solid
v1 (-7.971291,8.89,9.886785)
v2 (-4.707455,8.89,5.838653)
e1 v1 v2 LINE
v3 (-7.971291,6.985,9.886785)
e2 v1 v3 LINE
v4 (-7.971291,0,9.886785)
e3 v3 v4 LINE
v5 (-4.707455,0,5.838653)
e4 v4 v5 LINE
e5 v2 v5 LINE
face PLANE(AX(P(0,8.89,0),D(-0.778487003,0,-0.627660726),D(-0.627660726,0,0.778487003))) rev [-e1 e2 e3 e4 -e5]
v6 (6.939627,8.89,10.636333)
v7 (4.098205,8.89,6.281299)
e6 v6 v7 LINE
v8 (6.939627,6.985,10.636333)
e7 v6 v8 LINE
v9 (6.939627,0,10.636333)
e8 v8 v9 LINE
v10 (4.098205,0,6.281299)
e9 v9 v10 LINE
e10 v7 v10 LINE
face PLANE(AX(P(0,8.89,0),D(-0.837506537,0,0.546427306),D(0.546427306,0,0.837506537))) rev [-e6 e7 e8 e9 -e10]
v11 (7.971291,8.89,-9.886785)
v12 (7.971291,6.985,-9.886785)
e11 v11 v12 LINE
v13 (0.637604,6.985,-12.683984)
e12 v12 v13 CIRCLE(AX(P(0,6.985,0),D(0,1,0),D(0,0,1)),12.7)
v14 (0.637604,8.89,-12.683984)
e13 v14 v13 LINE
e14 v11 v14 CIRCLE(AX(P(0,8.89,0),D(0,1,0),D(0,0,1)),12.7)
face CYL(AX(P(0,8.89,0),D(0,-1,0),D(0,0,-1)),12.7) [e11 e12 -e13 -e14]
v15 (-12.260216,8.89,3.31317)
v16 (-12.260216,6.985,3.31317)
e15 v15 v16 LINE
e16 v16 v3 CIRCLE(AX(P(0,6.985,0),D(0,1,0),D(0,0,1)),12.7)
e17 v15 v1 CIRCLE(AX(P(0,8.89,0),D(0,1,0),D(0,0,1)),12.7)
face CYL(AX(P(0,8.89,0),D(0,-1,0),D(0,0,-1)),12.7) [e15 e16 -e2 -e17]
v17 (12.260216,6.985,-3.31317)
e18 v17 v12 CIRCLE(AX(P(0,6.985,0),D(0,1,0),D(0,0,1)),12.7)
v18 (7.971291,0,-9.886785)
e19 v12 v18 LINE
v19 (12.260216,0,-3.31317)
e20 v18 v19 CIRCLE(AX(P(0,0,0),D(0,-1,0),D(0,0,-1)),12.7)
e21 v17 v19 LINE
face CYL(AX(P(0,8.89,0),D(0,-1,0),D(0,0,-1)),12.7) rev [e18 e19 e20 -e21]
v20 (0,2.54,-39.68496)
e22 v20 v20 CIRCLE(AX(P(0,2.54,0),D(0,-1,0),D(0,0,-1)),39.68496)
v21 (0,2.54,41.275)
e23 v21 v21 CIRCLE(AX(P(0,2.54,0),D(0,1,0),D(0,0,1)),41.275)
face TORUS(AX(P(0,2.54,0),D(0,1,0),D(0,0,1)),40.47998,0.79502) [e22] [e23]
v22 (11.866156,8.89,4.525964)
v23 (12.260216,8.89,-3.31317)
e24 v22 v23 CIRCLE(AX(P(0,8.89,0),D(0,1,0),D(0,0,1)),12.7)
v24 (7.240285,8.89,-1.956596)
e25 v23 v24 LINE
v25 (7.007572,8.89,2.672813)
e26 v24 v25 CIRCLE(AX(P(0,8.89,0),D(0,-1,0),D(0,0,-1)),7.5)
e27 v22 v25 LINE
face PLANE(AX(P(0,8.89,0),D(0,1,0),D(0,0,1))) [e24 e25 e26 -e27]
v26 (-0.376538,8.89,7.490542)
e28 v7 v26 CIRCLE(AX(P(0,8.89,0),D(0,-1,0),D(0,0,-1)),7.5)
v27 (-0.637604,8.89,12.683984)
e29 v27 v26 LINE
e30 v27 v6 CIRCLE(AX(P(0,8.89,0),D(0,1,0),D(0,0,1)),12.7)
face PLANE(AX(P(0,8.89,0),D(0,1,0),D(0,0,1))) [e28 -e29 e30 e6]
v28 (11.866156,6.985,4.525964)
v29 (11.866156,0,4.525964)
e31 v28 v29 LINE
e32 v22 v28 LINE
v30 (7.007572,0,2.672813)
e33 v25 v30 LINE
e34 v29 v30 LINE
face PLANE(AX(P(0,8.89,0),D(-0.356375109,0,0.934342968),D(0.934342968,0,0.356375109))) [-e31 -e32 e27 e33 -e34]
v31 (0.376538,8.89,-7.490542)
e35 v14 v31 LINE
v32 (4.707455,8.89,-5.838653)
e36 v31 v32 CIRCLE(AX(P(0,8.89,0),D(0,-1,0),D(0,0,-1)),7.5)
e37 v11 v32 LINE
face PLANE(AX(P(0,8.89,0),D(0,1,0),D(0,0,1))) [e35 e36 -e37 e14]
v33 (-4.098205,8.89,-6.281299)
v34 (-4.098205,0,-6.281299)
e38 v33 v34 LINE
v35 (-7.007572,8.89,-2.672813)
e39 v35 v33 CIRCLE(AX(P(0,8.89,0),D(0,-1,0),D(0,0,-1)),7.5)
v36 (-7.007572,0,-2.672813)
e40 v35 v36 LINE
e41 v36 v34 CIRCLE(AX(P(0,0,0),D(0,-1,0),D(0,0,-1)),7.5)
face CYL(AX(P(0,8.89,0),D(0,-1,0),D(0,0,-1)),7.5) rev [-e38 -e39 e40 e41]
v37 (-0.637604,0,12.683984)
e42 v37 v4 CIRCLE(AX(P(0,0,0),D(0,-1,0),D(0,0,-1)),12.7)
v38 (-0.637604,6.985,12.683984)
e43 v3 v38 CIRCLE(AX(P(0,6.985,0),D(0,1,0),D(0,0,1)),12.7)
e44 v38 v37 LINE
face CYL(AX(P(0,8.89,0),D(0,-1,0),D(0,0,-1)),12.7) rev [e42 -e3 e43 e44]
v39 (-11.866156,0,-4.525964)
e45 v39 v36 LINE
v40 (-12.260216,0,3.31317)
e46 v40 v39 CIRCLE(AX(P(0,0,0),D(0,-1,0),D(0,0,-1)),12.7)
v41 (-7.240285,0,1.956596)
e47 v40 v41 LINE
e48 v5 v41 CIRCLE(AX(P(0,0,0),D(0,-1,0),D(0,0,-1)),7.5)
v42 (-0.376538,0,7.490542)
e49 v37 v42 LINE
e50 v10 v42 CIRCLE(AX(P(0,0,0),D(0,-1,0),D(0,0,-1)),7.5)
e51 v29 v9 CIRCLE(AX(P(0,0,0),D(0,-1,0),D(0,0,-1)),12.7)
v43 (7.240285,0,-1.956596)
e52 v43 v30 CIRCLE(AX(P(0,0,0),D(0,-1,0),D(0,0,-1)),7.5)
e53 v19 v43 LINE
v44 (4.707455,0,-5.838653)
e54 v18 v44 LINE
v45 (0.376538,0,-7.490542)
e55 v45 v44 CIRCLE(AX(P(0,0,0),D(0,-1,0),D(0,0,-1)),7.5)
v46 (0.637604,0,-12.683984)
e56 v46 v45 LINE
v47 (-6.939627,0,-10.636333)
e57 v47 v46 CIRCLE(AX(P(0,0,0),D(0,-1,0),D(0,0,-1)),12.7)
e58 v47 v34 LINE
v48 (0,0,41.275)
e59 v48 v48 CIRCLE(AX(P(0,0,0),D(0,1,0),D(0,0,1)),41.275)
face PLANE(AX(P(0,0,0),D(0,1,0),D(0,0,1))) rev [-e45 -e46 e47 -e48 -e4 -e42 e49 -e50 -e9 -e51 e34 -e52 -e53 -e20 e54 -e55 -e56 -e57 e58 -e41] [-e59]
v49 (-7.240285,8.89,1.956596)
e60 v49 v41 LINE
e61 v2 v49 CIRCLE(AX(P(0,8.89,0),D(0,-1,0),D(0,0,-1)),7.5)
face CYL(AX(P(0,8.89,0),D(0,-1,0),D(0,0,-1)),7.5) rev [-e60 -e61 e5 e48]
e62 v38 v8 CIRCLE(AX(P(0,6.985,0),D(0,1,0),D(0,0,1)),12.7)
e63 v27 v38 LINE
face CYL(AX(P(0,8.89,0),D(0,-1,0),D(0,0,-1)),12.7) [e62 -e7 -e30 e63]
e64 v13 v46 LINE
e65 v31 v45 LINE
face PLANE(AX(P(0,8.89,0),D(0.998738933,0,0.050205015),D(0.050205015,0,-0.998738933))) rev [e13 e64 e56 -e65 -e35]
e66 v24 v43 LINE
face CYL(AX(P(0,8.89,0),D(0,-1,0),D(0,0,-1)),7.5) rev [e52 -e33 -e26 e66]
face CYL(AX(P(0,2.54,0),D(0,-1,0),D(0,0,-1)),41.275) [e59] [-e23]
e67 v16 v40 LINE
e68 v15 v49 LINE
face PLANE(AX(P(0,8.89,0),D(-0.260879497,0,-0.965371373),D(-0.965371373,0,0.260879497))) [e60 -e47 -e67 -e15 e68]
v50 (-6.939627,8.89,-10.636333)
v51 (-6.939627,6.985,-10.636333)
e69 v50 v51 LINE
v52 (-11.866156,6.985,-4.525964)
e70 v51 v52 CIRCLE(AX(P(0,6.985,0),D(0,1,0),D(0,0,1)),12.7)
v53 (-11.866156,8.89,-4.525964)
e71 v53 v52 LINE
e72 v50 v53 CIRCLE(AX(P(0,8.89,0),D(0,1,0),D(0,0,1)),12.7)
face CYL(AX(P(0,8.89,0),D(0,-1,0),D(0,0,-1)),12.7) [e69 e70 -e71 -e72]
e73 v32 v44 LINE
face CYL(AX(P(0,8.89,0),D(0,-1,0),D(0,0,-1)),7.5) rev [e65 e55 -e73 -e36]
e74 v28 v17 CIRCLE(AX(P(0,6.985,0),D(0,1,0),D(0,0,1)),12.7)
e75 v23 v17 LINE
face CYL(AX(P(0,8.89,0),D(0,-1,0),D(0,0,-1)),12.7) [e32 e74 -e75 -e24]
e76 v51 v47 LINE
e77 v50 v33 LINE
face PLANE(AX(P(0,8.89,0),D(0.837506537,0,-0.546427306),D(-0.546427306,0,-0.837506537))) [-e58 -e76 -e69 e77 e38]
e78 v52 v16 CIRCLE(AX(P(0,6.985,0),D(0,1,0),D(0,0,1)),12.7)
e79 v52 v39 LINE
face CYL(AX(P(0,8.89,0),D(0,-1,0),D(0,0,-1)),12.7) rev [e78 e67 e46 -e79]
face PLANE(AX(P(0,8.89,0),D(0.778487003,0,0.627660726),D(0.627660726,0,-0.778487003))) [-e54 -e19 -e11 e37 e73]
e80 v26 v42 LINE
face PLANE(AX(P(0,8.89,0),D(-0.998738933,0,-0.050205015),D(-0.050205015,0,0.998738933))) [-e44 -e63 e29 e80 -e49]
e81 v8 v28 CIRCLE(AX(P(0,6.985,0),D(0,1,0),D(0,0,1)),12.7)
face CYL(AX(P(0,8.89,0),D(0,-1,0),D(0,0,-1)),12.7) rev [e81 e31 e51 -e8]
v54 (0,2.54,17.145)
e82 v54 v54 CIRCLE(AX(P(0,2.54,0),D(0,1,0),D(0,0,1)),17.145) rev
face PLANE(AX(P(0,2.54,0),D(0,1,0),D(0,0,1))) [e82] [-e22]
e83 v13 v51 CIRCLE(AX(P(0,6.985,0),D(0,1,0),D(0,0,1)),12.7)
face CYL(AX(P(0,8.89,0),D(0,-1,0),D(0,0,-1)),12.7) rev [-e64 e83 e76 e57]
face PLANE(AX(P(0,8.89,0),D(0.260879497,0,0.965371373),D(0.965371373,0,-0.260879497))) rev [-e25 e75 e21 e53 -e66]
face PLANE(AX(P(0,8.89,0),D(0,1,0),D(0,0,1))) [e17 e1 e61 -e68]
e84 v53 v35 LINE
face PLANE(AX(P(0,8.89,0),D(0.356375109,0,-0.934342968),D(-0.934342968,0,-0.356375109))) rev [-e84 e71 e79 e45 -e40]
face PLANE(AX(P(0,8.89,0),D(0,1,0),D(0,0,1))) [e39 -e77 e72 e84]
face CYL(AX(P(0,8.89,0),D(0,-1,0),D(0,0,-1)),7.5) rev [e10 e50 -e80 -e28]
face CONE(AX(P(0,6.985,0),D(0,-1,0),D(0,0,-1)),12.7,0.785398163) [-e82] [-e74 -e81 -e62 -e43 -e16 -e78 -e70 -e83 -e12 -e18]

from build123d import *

# Parameters (mm, degrees)
SKETCH1_R           = 41.275
BOSS_EXTRUDE1_DEPTH = 2.54
SKETCH6_R           = 12.7
BOSS_EXTRUDE3_DEPTH = 6.35
CHAMFER2_SIZE       = 4.445
CUT_EXTRUDE2_DEPTH  = 9.89


with BuildPart() as part:
    # Sketch1 → Boss-Extrude1 (new body)
    with BuildSketch(Plane(origin=(0, 0, 0), x_dir=(1, 0, 0), z_dir=(0, 1, 0))):
        Circle(SKETCH1_R)
    extrude(amount=BOSS_EXTRUDE1_DEPTH)

    # Sketch6 → Boss-Extrude3 (add)
    with BuildSketch(Plane(origin=(0, 2.54, 0), x_dir=(1, 0, 0), z_dir=(0, 1, 0))):
        Circle(SKETCH6_R)
    extrude(amount=BOSS_EXTRUDE3_DEPTH)

    # Chamfer2
    chamfer2_edges = [part.edges().sort_by_distance(p)[0] for p in [
        (-12.7, 2.54, 0),
    ]]
    chamfer(chamfer2_edges, length=CHAMFER2_SIZE)

    # Sketch4 → Cut-Extrude2 (cut, through all)
    with BuildSketch(Plane.XZ):
        with BuildLine():
            ThreePointArc((11.86615569, 4.52596389), (9.886784934, 7.971291217), (6.939626784, 10.636333019))
            Line((6.939626784, 10.636333019), (4.098204794, 6.281299027))
            ThreePointArc((4.098204794, 6.281299027), (1.956596228, 7.240285298), (-0.376537609, 7.490541998))
            Line((-0.376537609, 7.490541998), (-0.637603684, 12.683984451))
            ThreePointArc((-0.637603684, 12.683984451), (-4.52596389, 11.86615569), (-7.971291217, 9.886784934))
            Line((-7.971291217, 9.886784934), (-4.707455443, 5.83865252))
            ThreePointArc((-4.707455443, 5.83865252), (-6.281299027, 4.098204794), (-7.240285298, 1.956596228))
            Line((-7.240285298, 1.956596228), (-12.260216438, 3.313169613))
            ThreePointArc((-12.260216438, 3.313169613), (-12.683984451, -0.637603684), (-11.86615569, -4.52596389))
            Line((-11.86615569, -4.52596389), (-7.007572258, -2.672813321))
            ThreePointArc((-7.007572258, -2.672813321), (-5.83865252, -4.707455443), (-4.098204794, -6.281299027))
            Line((-4.098204794, -6.281299027), (-6.939626784, -10.636333019))
            ThreePointArc((-6.939626784, -10.636333019), (-3.313169613, -12.260216438), (0.637603684, -12.683984451))
            Line((0.637603684, -12.683984451), (0.376537609, -7.490541998))
            ThreePointArc((0.376537609, -7.490541998), (2.672813321, -7.007572258), (4.707455443, -5.83865252))
            Line((4.707455443, -5.83865252), (7.971291217, -9.886784934))
            ThreePointArc((7.971291217, -9.886784934), (10.636333019, -6.939626784), (12.260216438, -3.313169613))
            Line((12.260216438, -3.313169613), (7.240285298, -1.956596228))
            ThreePointArc((7.240285298, -1.956596228), (7.490541998, 0.376537609), (7.007572258, 2.672813321))
            Line((7.007572258, 2.672813321), (11.86615569, 4.52596389))
        make_face()
    extrude(amount=-CUT_EXTRUDE2_DEPTH, mode=Mode.SUBTRACT)

    # Sketch7 → Revolve1 (revolve)
    with BuildSketch(Plane.XY):
        with BuildLine():
            Line((-41.275, 2.54), (-39.68496, 2.54))
            ThreePointArc((-39.68496, 2.54), (-40.47998, 3.33502), (-41.275, 2.54))
        make_face()
    revolve(axis=Axis((0, 8.001, 0), (0, -1, 0)))


solid = part.part
